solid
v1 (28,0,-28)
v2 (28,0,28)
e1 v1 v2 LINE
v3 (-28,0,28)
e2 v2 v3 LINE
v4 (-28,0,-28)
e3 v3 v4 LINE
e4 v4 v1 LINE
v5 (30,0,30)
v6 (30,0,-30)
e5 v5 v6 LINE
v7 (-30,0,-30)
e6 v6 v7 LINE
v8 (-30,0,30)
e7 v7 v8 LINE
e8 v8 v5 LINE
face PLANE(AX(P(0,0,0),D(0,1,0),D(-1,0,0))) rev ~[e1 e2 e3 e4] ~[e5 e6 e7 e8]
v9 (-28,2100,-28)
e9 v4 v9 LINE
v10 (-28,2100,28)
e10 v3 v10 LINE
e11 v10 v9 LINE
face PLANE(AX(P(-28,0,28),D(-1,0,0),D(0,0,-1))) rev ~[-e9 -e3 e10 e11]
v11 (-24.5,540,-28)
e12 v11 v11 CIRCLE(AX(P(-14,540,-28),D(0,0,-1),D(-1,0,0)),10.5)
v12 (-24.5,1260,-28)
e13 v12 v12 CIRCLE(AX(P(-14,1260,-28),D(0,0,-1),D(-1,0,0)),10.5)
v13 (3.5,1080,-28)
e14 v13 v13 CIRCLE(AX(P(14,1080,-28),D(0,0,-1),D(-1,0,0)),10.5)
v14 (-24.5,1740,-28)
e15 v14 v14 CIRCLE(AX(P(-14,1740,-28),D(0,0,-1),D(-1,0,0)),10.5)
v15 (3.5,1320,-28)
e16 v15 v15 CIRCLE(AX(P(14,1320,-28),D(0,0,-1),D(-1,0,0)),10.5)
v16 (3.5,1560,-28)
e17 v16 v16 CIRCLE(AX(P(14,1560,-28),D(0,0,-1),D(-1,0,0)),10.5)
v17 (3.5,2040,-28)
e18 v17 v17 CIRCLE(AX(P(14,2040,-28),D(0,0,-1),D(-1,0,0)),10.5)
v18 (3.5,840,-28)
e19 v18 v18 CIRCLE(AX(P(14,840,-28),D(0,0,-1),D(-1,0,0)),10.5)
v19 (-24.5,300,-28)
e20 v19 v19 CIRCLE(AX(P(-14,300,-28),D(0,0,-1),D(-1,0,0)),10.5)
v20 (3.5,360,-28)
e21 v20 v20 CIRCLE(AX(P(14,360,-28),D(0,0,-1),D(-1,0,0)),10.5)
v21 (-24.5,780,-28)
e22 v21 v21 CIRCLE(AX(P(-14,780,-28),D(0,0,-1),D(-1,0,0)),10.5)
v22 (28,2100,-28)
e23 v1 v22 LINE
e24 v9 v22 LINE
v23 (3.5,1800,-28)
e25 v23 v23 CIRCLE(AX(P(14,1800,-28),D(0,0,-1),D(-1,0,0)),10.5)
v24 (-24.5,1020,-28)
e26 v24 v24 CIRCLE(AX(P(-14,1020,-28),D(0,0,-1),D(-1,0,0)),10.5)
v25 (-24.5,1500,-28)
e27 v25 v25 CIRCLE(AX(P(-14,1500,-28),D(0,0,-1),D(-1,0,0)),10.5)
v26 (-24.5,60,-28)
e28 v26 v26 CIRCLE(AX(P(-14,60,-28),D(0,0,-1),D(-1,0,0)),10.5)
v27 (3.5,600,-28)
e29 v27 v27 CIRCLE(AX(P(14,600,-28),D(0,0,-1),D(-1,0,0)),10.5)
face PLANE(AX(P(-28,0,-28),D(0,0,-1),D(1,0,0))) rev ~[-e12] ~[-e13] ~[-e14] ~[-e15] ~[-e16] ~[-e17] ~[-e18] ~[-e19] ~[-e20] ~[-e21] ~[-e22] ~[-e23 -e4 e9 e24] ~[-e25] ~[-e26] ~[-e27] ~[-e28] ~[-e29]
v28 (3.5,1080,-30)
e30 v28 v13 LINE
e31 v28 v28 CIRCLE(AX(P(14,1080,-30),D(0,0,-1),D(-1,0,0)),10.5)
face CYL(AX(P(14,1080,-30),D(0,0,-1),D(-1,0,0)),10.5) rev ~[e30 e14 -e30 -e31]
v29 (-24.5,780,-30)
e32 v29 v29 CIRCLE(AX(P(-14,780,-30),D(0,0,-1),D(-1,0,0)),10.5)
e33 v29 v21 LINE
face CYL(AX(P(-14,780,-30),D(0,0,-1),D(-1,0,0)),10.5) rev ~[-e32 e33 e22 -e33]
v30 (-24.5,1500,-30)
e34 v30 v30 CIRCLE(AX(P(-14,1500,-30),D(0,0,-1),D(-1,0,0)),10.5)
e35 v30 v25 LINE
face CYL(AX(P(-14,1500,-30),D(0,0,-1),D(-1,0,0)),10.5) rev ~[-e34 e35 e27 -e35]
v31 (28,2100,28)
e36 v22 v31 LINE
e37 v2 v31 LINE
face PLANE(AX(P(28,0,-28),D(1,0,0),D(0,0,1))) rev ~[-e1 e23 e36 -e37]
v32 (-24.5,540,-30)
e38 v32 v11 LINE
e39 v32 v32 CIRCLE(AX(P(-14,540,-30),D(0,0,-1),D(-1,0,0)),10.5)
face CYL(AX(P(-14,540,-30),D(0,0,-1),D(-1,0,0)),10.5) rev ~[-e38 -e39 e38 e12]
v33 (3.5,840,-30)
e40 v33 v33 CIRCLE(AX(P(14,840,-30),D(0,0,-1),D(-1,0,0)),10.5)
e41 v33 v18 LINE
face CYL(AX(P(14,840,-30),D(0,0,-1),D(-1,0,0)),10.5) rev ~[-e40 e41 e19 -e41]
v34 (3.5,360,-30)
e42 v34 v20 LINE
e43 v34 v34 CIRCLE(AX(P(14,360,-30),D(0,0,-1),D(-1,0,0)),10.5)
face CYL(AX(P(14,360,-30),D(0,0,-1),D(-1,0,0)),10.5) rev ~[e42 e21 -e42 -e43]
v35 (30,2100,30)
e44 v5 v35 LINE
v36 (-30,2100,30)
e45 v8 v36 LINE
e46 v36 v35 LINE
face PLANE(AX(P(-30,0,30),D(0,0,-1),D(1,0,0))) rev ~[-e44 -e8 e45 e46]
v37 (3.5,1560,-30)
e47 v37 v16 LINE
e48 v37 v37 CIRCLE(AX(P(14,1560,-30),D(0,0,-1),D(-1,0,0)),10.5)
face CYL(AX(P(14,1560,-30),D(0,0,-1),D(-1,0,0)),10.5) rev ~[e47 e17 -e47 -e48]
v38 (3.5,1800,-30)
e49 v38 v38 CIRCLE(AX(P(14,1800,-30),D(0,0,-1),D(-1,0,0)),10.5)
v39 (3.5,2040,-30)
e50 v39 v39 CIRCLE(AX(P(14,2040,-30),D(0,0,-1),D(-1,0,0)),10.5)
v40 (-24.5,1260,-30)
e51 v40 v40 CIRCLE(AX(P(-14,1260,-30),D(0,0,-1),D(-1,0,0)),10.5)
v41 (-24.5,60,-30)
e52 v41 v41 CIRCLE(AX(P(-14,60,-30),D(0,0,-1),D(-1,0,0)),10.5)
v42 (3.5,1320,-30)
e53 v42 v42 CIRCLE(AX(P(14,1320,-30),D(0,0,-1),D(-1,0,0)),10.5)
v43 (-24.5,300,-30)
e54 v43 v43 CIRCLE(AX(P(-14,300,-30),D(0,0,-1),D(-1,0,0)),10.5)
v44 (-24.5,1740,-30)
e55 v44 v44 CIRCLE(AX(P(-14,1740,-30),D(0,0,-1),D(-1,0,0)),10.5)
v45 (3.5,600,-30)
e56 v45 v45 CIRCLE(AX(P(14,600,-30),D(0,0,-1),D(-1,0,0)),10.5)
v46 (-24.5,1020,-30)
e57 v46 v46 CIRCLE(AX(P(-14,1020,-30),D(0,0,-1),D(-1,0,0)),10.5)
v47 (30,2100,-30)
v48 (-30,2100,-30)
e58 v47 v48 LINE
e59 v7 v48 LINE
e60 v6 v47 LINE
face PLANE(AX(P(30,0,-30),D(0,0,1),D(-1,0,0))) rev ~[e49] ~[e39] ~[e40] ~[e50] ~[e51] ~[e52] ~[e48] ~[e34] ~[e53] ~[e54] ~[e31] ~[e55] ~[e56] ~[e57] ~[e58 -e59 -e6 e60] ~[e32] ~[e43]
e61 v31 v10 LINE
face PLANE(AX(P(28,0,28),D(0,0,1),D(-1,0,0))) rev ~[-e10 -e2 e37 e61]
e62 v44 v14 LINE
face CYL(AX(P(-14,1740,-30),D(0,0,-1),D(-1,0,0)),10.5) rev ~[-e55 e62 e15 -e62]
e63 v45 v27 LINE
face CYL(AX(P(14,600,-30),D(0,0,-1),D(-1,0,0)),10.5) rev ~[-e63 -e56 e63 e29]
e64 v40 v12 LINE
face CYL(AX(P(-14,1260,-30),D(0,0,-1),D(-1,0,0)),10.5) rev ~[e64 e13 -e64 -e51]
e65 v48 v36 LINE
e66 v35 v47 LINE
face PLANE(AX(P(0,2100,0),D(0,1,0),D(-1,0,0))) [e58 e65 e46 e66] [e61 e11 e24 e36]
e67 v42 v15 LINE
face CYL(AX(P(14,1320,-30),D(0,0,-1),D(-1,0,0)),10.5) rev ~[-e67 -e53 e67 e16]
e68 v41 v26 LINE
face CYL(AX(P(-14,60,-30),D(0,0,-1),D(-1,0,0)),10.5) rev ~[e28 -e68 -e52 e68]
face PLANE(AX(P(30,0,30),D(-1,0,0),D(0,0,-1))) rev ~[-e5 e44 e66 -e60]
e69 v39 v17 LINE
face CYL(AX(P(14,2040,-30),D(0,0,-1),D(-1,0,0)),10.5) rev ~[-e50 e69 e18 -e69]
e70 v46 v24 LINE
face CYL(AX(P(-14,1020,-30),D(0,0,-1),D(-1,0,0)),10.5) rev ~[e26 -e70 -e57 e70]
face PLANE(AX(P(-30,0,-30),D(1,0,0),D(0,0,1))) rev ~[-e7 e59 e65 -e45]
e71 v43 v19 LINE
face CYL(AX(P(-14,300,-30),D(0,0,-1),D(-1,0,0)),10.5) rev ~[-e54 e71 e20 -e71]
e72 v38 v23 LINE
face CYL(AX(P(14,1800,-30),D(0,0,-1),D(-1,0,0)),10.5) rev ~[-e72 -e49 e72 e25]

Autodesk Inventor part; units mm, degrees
ref_plane "YZ Plane" through (0, 0, 0) normal (1, 0, 0) x (0, 1, 0)
ref_plane "XZ Plane" through (0, 0, 0) normal (0, 1, 0) x (-1, 0, 0)
ref_plane "XY Plane" through (0, 0, 0) normal (0, 0, 1) x (1, 0, 0)
sketch "Sketch2" plane through (0, 0, 0) normal (0, 1, 0) x (-1, 0, 0)
  line L0 (30, 30) -> (-30, 30)
  line L1 (-30, 30) -> (-30, -30)
  line L2 (-30, -30) -> (30, -30)
  line L3 (30, -30) -> (30, 30)
  line L4 (30, 30) -> (-30, -30) construction
  line L5 (-30, 30) -> (30, -30) construction
  line L6 (-28, -28) -> (-28, 28)
  line L7 (-28, 28) -> (28, 28)
  line L8 (28, 28) -> (28, -28)
  line L9 (28, -28) -> (-28, -28)
  point P0 (0, 0)
  point P1 (0, -190)
  point P2 (0, 0)
  dimension "d6" = 60
  dimension "d49" = 2
extrude "Extrusion2" add sketch "Sketch2" along normal blind 2100
sketch "Sketch6" plane through (30, 0, -30) normal (0, 0, -1) x (-1, 0, 0)
  line L0 (0, 0) -> (60, 0) projected
  line L1 (60, 0) -> (60, 2100) construction
  line L2 (0, 2100) -> (60, 2100)
  line L3 (0, 0) -> (0, 2100) construction
  circle A0 centre (44, 60) radius 10.5
  circle A1 centre (16, 360) radius 10.5
  point P0 (30, 0)
  dimension "d44" = 21
  dimension "d45" = 16
  dimension "d46" = 16
  dimension "d47" = 300
  dimension "d48" = 60
extrude "Extrusion6" cut sketch "Sketch6" against normal up to surface (2 mm away)
pattern_linear "Rectangular Pattern2" count 8 spacing 240 along (0, 1, 0) of "Extrusion6"
equation "\"d46\" = d45"
properties part number "DMF 082 коллектор болванка"
